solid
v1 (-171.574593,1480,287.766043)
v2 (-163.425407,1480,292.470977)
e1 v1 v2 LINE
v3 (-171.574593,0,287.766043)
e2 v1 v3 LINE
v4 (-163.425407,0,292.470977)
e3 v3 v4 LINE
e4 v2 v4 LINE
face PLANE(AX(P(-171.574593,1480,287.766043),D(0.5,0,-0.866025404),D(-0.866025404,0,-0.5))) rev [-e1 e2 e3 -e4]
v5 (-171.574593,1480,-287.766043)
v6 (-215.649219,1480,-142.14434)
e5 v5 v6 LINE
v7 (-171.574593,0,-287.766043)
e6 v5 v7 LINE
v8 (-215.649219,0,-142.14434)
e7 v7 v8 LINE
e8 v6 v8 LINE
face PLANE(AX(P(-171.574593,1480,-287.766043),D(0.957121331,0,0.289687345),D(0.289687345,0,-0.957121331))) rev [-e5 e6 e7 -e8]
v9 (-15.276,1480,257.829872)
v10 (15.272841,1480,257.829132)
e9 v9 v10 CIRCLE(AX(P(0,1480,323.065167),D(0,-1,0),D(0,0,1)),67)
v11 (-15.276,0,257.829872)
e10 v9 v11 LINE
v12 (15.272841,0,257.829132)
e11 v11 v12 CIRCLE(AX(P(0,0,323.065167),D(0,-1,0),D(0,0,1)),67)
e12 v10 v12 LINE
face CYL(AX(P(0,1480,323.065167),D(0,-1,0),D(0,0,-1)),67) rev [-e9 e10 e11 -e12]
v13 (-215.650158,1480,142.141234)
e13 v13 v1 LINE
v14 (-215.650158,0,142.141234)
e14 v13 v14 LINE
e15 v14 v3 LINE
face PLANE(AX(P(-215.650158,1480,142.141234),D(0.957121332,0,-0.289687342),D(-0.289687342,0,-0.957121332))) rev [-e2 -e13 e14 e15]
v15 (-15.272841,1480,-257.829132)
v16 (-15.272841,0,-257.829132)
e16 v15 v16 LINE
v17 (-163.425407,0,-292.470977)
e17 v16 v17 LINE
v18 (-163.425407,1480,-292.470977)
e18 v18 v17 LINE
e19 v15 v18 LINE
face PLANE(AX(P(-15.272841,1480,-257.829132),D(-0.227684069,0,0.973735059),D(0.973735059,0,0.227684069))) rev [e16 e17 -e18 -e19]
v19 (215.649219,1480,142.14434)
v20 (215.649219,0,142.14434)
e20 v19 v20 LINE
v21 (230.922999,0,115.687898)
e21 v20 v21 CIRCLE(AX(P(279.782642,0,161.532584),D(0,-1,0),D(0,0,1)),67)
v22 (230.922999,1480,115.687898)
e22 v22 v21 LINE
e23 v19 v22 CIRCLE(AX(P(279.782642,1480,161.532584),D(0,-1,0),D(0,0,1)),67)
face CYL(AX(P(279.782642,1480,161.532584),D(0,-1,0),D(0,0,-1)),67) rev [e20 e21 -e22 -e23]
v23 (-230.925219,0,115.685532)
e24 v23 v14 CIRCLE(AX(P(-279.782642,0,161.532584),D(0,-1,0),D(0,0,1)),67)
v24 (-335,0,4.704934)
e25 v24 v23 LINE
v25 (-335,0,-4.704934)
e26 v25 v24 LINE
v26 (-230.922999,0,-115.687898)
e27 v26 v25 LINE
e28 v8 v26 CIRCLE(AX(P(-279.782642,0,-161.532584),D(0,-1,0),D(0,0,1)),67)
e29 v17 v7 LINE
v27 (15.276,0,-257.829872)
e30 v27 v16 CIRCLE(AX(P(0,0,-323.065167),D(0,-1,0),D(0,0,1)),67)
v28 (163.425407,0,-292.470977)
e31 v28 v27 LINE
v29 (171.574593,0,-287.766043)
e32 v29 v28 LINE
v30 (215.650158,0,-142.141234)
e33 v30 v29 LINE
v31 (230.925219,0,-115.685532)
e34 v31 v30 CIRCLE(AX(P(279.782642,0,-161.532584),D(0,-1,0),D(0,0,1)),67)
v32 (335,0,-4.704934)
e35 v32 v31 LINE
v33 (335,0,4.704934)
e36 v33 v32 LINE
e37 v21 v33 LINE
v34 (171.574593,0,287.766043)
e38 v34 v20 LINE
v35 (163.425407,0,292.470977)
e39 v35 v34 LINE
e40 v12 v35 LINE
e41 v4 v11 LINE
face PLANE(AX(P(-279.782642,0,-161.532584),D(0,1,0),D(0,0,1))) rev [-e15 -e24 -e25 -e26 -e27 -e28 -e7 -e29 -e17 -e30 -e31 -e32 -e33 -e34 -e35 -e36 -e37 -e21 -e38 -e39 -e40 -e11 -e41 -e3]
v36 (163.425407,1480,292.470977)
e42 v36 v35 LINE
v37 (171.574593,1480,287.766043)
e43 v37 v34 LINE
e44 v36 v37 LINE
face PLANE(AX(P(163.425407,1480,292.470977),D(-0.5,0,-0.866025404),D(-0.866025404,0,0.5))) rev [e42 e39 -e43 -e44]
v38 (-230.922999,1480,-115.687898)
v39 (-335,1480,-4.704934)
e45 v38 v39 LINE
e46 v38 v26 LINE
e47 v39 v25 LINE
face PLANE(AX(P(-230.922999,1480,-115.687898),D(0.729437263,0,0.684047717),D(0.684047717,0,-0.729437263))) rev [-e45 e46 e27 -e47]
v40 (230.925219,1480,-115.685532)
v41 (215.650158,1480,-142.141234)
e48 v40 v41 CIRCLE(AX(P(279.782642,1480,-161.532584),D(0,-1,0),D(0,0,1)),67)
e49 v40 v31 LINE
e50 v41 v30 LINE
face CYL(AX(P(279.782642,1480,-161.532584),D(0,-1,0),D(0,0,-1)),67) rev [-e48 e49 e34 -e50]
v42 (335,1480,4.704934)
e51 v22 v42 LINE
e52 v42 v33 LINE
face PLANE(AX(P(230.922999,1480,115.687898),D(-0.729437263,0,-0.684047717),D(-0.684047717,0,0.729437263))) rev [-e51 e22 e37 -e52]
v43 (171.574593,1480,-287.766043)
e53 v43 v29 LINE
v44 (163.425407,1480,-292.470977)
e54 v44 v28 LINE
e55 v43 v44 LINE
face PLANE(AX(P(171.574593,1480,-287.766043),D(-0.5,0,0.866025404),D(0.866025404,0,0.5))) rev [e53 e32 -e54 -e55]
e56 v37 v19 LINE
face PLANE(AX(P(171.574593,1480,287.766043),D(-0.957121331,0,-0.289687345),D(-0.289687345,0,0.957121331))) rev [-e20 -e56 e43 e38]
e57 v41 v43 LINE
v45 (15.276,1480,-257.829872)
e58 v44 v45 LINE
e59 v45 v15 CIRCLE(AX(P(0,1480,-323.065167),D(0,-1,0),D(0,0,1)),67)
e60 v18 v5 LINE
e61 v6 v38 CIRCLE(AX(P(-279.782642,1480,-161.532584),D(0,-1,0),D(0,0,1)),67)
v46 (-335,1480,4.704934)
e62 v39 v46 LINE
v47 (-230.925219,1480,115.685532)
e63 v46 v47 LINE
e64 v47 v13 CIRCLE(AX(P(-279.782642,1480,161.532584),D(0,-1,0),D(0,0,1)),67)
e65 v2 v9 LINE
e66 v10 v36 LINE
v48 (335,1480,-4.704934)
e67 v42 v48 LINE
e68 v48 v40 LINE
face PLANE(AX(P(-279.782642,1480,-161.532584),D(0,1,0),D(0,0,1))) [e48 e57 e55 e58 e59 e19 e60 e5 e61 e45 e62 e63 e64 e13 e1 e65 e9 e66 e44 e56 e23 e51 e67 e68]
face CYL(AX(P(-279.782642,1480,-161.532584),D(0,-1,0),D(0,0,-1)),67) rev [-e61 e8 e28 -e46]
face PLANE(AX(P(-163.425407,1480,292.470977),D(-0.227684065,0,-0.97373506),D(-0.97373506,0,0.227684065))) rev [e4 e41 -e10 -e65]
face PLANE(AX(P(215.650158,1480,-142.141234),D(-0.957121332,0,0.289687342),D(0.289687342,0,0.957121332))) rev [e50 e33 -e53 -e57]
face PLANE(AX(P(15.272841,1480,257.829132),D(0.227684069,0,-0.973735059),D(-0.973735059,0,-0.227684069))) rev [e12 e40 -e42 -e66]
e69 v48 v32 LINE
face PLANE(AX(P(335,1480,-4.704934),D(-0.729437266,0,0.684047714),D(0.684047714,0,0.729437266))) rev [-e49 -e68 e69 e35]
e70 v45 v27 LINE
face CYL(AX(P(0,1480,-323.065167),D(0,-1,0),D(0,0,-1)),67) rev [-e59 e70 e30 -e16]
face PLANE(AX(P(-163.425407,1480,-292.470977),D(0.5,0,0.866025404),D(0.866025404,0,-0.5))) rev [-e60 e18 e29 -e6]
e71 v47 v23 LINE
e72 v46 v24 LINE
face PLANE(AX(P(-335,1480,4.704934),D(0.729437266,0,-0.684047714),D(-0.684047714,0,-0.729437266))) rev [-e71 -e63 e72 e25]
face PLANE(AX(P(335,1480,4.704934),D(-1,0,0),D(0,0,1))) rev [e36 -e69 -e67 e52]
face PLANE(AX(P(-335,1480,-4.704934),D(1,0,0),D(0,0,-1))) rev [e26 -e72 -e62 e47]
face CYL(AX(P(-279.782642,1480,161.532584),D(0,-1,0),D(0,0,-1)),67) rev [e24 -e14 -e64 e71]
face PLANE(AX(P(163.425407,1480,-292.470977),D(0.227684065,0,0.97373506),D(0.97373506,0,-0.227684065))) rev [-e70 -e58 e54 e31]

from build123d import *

# Parameters (mm, degrees)
EXTRUDE_1_DEPTH = 1480


with BuildPart() as part:
    # 草图7 → 凸台-拉伸1 (new body)
    with BuildSketch(Plane(origin=(0, 0, 0), x_dir=(1, 0, 0), z_dir=(0, 1, 0))):
        with BuildLine():
            Line((-163.425407286, 292.470977468), (-171.574592714, 287.766043068))
            Line((-171.574592714, 287.766043068), (-215.64921864, 142.144339856))
            ThreePointArc((-215.64921864, 142.144339856), (-221.758129252, 128.033988921), (-230.922998757, 115.687898132))
            Line((-230.922998757, 115.687898132), (-335, 4.7049344))
            Line((-335, 4.7049344), (-335, -4.7049344))
            Line((-335, -4.7049344), (-230.92521864, -115.68553172))
            ThreePointArc((-230.92521864, -115.68553172), (-221.75975158, -128.031178968), (-215.650158071, -142.141234176))
            Line((-215.650158071, -142.141234176), (-171.574592714, -287.766043068))
            Line((-171.574592714, -287.766043068), (-163.425407286, -292.470977468))
            Line((-163.425407286, -292.470977468), (-15.276, -257.829871576))
            ThreePointArc((-15.276, -257.829871576), (-0.001622327, -256.065167889), (15.272840686, -257.829132308))
            Line((15.272840686, -257.829132308), (163.425407286, -292.470977468))
            Line((163.425407286, -292.470977468), (171.574592714, -287.766043068))
            Line((171.574592714, -287.766043068), (215.64921864, -142.144339856))
            ThreePointArc((215.64921864, -142.144339856), (221.758129252, -128.033988921), (230.922998757, -115.687898132))
            Line((230.922998757, -115.687898132), (335, -4.7049344))
            Line((335, -4.7049344), (335, 4.7049344))
            Line((335, 4.7049344), (230.92521864, 115.68553172))
            ThreePointArc((230.92521864, 115.68553172), (221.75975158, 128.031178968), (215.650158071, 142.141234176))
            Line((215.650158071, 142.141234176), (171.574592714, 287.766043068))
            Line((171.574592714, 287.766043068), (163.425407286, 292.470977468))
            Line((163.425407286, 292.470977468), (15.276, 257.829871576))
            ThreePointArc((15.276, 257.829871576), (0.001622327, 256.065167889), (-15.272840686, 257.829132308))
            Line((-15.272840686, 257.829132308), (-163.425407286, 292.470977468))
        make_face()
    extrude(amount=EXTRUDE_1_DEPTH)


solid = part.part
